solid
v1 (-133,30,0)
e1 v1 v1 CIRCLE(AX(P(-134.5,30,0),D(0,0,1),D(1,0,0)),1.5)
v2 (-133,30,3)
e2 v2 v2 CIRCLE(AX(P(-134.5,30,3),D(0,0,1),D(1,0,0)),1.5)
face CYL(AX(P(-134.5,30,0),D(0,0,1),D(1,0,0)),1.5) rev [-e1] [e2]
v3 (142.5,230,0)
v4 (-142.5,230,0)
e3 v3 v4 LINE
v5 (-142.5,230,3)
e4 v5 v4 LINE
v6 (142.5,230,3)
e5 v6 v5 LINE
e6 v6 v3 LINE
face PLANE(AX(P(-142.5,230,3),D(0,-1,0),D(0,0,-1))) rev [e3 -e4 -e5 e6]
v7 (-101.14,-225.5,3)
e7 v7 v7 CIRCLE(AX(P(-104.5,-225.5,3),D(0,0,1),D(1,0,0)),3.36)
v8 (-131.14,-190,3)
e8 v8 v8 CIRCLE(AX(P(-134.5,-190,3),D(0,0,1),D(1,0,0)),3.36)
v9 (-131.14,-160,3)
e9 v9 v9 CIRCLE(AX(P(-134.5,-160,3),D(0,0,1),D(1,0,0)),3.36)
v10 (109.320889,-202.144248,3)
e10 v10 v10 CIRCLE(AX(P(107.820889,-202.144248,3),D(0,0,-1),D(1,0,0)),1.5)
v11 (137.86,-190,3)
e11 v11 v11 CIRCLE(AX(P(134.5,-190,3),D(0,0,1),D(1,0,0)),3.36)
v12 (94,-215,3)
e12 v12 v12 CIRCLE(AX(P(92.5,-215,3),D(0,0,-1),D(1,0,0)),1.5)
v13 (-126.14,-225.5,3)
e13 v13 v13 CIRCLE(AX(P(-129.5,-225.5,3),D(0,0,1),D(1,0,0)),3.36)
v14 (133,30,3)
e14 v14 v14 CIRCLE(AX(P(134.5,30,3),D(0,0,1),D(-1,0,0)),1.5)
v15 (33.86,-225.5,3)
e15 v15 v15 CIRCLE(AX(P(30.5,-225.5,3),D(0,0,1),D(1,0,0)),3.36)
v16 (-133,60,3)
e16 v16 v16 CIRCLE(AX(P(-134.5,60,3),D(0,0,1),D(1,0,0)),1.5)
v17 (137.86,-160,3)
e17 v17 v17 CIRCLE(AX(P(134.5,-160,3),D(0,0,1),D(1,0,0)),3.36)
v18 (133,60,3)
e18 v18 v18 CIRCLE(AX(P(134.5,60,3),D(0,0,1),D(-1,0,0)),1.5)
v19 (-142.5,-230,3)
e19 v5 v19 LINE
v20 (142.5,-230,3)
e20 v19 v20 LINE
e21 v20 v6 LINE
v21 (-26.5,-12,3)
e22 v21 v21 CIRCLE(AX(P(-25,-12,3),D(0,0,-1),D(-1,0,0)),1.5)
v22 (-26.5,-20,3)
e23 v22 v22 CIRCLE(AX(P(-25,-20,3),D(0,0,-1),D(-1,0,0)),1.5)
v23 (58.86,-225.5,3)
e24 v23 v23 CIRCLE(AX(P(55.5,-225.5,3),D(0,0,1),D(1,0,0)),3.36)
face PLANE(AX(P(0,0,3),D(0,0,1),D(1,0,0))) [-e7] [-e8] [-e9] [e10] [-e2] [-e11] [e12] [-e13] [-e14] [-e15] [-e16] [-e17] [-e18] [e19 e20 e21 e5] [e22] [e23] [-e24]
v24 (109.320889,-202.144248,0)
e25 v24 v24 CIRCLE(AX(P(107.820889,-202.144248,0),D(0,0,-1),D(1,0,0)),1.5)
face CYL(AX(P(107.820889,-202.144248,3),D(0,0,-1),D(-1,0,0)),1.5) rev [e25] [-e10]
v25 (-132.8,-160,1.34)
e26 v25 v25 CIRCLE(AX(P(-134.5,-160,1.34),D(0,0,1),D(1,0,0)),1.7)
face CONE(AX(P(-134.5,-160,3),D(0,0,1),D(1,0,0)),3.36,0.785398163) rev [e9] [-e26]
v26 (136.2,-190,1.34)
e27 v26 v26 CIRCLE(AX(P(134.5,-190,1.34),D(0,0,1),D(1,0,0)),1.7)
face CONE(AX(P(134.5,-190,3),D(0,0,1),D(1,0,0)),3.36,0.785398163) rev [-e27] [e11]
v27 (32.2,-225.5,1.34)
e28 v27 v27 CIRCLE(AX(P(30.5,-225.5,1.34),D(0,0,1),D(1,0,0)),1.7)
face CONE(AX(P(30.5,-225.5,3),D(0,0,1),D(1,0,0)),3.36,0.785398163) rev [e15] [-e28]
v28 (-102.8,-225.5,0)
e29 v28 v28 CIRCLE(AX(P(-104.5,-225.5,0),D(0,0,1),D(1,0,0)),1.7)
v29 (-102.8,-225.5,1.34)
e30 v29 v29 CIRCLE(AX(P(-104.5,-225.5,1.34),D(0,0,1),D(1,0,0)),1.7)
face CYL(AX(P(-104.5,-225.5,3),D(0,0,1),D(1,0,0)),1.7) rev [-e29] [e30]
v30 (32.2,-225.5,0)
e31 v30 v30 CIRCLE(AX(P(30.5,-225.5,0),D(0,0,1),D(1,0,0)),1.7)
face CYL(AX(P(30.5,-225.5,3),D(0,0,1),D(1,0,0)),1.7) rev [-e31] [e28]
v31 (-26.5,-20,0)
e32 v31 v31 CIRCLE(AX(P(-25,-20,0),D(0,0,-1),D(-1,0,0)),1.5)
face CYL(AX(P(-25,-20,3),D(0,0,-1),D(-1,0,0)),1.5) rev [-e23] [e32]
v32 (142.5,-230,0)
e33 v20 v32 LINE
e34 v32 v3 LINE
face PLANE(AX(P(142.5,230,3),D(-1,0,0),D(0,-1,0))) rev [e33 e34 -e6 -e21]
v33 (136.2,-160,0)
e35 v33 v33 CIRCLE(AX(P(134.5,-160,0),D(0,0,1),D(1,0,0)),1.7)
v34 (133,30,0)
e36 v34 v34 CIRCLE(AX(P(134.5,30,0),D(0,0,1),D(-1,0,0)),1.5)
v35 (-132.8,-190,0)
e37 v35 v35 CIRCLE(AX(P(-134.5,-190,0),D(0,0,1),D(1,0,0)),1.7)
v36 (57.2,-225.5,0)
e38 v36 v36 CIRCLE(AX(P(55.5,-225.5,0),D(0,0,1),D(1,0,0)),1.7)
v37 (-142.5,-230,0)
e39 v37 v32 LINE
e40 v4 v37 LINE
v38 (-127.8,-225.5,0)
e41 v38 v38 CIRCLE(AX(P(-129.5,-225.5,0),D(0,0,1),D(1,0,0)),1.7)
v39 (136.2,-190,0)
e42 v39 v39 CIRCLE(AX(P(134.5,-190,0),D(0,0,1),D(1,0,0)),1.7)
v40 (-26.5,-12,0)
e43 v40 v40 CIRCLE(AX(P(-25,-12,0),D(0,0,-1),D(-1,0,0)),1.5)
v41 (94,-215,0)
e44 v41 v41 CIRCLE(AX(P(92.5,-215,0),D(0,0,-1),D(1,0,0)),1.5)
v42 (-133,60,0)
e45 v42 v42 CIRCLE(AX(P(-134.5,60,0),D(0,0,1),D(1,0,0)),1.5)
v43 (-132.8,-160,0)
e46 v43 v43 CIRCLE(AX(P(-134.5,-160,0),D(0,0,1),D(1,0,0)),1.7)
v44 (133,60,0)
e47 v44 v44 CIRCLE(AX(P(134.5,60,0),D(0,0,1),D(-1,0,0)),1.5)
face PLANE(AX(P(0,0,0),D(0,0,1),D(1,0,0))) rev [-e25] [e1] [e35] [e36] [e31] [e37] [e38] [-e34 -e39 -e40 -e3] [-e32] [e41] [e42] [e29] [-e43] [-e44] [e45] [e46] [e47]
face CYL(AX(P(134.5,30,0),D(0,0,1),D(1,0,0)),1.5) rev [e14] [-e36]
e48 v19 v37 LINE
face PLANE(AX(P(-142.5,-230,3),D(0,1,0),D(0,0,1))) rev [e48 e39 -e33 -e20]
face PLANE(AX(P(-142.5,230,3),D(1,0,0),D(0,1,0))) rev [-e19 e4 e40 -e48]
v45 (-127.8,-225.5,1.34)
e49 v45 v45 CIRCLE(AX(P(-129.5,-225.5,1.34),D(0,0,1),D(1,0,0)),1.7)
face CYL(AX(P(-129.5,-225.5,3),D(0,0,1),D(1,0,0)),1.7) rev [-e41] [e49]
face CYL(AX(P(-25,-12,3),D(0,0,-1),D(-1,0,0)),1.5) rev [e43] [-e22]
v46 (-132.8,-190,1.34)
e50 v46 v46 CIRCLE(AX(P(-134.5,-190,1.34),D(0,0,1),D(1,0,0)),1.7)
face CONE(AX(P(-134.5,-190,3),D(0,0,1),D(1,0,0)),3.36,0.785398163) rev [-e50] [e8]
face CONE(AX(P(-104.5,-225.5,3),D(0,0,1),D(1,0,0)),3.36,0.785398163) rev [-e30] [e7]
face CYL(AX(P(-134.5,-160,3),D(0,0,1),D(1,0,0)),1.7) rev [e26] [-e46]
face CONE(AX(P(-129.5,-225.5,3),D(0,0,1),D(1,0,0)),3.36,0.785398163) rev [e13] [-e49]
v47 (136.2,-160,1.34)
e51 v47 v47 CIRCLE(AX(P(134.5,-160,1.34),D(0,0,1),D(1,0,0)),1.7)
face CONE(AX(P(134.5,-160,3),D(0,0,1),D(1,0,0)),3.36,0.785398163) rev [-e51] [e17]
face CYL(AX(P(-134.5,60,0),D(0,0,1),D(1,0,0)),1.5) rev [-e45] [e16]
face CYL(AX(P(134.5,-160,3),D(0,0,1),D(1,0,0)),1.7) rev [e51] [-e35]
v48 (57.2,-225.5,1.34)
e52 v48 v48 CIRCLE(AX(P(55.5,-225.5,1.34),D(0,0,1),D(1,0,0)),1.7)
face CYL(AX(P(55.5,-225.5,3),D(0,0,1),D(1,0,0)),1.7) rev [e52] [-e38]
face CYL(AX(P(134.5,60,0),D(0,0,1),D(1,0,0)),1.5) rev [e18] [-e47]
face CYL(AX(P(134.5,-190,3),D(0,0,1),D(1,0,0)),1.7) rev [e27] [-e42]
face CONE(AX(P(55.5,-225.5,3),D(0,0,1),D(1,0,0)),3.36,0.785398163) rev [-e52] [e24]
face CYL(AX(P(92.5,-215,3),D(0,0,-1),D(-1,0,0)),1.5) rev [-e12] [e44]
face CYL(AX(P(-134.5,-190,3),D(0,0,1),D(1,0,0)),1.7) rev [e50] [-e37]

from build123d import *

# Parameters (mm, degrees)
SKETCH_1_W                  = 285
SKETCH_1_H                  = 460
EXTRUDE_1_DEPTH             = 3
SKETCH_2_R                  = 1.5
CUT_EXTRUDE_1_DEPTH         = 271.583166513
SKETCH_4_R                  = 1.5
CUT_EXTRUDE_2_DEPTH         = 271.583166513
SKETCH_6_R                  = 1.5
CUT_EXTRUDE_3_DEPTH         = 271.583166513
SKETCH_8_R                  = 1.5
CUT_EXTRUDE_5_DEPTH         = 271.583166513
HOLE_WIZARD_M3_1_AT_2_COUNT = 2
HOLE_WIZARD_M3_1_AT_2_PITCH = 30
HOLE_WIZARD_M3_1_AT_3_COUNT = 2
HOLE_WIZARD_M3_1_AT_3_PITCH = 269
HOLE_WIZARD_M3_1_AT_4_COUNT = 2
HOLE_WIZARD_M3_1_AT_4_PITCH = 270.667692937
HOLE_WIZARD_M3_1_AT_5_COUNT = 2
HOLE_WIZARD_M3_1_AT_5_PITCH = 65.690562488
HOLE_WIZARD_M3_1_AT_6_COUNT = 2
HOLE_WIZARD_M3_1_AT_6_PITCH = 72.043389704
HOLE_WIZARD_M3_1_AT_7_COUNT = 2
HOLE_WIZARD_M3_1_AT_7_PITCH = 177.525350302
HOLE_WIZARD_M3_1_AT_8_COUNT = 2
HOLE_WIZARD_M3_1_AT_8_PITCH = 200.973256927


with BuildPart() as part:
    # 草图1 → 凸台-拉伸1 (new body)
    with BuildSketch(Plane.XY):
        Rectangle(SKETCH_1_W, SKETCH_1_H)
    extrude(amount=EXTRUDE_1_DEPTH)

    # 草图2 → 切除-拉伸1 (cut, through all)
    with BuildSketch(Plane.XY.offset(3)):
        with Locations((-134.5, -190)):
            Circle(SKETCH_2_R)
        with Locations(Location((134.5, -190, 0), (0, 0, 180))):
            Circle(SKETCH_2_R)
        with Locations((-134.5, -160)):
            Circle(SKETCH_2_R)
        with Locations(Location((134.5, -160, 0), (0, 0, 180))):
            Circle(SKETCH_2_R)
        with Locations((-134.5, 30)):
            Circle(SKETCH_2_R)
        with Locations(Location((134.5, 30, 0), (0, 0, 180))):
            Circle(SKETCH_2_R)
        with Locations((-134.5, 60)):
            Circle(SKETCH_2_R)
        with Locations(Location((134.5, 60, 0), (0, 0, 180))):
            Circle(SKETCH_2_R)
    extrude(amount=-CUT_EXTRUDE_1_DEPTH, mode=Mode.SUBTRACT)

    # 草图4 → 切除-拉伸2 (cut, through all)
    with BuildSketch(Plane.XY.offset(3)):
        with Locations((-129.5, -225.5)):
            Circle(SKETCH_4_R)
        with Locations((-104.5, -225.5)):
            Circle(SKETCH_4_R)
        with Locations(Location((30.5, -225.5, 0), (0, 0, 180))):
            Circle(SKETCH_4_R)
        with Locations(Location((55.5, -225.5, 0), (0, 0, 180))):
            Circle(SKETCH_4_R)
    extrude(amount=-CUT_EXTRUDE_2_DEPTH, mode=Mode.SUBTRACT)

    # 草图6 → 切除-拉伸3 (cut, through all)
    with BuildSketch(Plane(origin=(0, 0, 0), x_dir=(-1, 0, 0), z_dir=(0, 0, -1))):
        with Locations((25, -20)):
            Circle(SKETCH_6_R)
        with Locations((25, -12)):
            Circle(SKETCH_6_R)
    extrude(amount=-CUT_EXTRUDE_3_DEPTH, mode=Mode.SUBTRACT)

    # 草图8 → 切除-拉伸5 (cut, through all)
    with BuildSketch(Plane(origin=(0, 0, 0), x_dir=(-1, 0, 0), z_dir=(0, 0, -1))):
        with Locations(Location((-107.820888862, -202.144247806, 0), (0, 0, 180))):
            Circle(SKETCH_8_R)
        with Locations(Location((-92.5, -215, 0), (0, 0, 180))):
            Circle(SKETCH_8_R)
    extrude(amount=-CUT_EXTRUDE_5_DEPTH, mode=Mode.SUBTRACT)

    # 草图9 → M3 六角凹锥坑螺钉的锥形沉头孔1 (revolve, cut)
    with BuildSketch(Plane(origin=(-134.5, -160, 3), x_dir=(0, -1, 0), z_dir=(1, 0, 0))):
        Polygon((0, 0), (0, 3), (1.7, 3), (1.7, 1.66), (3.36, 0), align=None)
    hole_wizard_m3_1 = revolve(axis=Axis((-134.5, -160, 9.35), (0, 0, -1)), mode=Mode.SUBTRACT)

    # M3 六角凹锥坑螺钉的锥形沉头孔1 at 2: M3 六角凹锥坑螺钉的锥形沉头孔1 ×2
    with Locations(*[(0, -i * HOLE_WIZARD_M3_1_AT_2_PITCH, 0) for i in range(1, HOLE_WIZARD_M3_1_AT_2_COUNT)]):
        add(hole_wizard_m3_1, mode=Mode.SUBTRACT)

    # M3 六角凹锥坑螺钉的锥形沉头孔1 at 3: M3 六角凹锥坑螺钉的锥形沉头孔1 ×2
    with Locations(*[(i * HOLE_WIZARD_M3_1_AT_3_PITCH, 0, 0) for i in range(1, HOLE_WIZARD_M3_1_AT_3_COUNT)]):
        add(hole_wizard_m3_1, mode=Mode.SUBTRACT)

    # M3 六角凹锥坑螺钉的锥形沉头孔1 at 4: M3 六角凹锥坑螺钉的锥形沉头孔1 ×2
    with Locations(*[Vector(0.993838596253579, -0.11083701816954397, 0) * (i * HOLE_WIZARD_M3_1_AT_4_PITCH) for i in range(1, HOLE_WIZARD_M3_1_AT_4_COUNT)]):
        add(hole_wizard_m3_1, mode=Mode.SUBTRACT)

    # M3 六角凹锥坑螺钉的锥形沉头孔1 at 5: M3 六角凹锥坑螺钉的锥形沉头孔1 ×2
    with Locations(*[Vector(0.0761144342599819, -0.997099088805763, 0) * (i * HOLE_WIZARD_M3_1_AT_5_PITCH) for i in range(1, HOLE_WIZARD_M3_1_AT_5_COUNT)]):
        add(hole_wizard_m3_1, mode=Mode.SUBTRACT)

    # M3 六角凹锥坑螺钉的锥形沉头孔1 at 6: M3 六角凹锥坑螺钉的锥形沉头孔1 ×2
    with Locations(*[Vector(0.41641572007343935, -0.909174322160343, 0) * (i * HOLE_WIZARD_M3_1_AT_6_PITCH) for i in range(1, HOLE_WIZARD_M3_1_AT_6_COUNT)]):
        add(hole_wizard_m3_1, mode=Mode.SUBTRACT)

    # M3 六角凹锥坑螺钉的锥形沉头孔1 at 7: M3 六角凹锥坑螺钉的锥形沉头孔1 ×2
    with Locations(*[Vector(0.9294447227897835, -0.36896138995594435, 0) * (i * HOLE_WIZARD_M3_1_AT_7_PITCH) for i in range(1, HOLE_WIZARD_M3_1_AT_7_COUNT)]):
        add(hole_wizard_m3_1, mode=Mode.SUBTRACT)

    # M3 六角凹锥坑螺钉的锥形沉头孔1 at 8: M3 六角凹锥坑螺钉的锥形沉头孔1 ×2
    with Locations(*[Vector(0.9453994173396505, -0.32591400966182693, 0) * (i * HOLE_WIZARD_M3_1_AT_8_PITCH) for i in range(1, HOLE_WIZARD_M3_1_AT_8_COUNT)]):
        add(hole_wizard_m3_1, mode=Mode.SUBTRACT)


solid = part.part
